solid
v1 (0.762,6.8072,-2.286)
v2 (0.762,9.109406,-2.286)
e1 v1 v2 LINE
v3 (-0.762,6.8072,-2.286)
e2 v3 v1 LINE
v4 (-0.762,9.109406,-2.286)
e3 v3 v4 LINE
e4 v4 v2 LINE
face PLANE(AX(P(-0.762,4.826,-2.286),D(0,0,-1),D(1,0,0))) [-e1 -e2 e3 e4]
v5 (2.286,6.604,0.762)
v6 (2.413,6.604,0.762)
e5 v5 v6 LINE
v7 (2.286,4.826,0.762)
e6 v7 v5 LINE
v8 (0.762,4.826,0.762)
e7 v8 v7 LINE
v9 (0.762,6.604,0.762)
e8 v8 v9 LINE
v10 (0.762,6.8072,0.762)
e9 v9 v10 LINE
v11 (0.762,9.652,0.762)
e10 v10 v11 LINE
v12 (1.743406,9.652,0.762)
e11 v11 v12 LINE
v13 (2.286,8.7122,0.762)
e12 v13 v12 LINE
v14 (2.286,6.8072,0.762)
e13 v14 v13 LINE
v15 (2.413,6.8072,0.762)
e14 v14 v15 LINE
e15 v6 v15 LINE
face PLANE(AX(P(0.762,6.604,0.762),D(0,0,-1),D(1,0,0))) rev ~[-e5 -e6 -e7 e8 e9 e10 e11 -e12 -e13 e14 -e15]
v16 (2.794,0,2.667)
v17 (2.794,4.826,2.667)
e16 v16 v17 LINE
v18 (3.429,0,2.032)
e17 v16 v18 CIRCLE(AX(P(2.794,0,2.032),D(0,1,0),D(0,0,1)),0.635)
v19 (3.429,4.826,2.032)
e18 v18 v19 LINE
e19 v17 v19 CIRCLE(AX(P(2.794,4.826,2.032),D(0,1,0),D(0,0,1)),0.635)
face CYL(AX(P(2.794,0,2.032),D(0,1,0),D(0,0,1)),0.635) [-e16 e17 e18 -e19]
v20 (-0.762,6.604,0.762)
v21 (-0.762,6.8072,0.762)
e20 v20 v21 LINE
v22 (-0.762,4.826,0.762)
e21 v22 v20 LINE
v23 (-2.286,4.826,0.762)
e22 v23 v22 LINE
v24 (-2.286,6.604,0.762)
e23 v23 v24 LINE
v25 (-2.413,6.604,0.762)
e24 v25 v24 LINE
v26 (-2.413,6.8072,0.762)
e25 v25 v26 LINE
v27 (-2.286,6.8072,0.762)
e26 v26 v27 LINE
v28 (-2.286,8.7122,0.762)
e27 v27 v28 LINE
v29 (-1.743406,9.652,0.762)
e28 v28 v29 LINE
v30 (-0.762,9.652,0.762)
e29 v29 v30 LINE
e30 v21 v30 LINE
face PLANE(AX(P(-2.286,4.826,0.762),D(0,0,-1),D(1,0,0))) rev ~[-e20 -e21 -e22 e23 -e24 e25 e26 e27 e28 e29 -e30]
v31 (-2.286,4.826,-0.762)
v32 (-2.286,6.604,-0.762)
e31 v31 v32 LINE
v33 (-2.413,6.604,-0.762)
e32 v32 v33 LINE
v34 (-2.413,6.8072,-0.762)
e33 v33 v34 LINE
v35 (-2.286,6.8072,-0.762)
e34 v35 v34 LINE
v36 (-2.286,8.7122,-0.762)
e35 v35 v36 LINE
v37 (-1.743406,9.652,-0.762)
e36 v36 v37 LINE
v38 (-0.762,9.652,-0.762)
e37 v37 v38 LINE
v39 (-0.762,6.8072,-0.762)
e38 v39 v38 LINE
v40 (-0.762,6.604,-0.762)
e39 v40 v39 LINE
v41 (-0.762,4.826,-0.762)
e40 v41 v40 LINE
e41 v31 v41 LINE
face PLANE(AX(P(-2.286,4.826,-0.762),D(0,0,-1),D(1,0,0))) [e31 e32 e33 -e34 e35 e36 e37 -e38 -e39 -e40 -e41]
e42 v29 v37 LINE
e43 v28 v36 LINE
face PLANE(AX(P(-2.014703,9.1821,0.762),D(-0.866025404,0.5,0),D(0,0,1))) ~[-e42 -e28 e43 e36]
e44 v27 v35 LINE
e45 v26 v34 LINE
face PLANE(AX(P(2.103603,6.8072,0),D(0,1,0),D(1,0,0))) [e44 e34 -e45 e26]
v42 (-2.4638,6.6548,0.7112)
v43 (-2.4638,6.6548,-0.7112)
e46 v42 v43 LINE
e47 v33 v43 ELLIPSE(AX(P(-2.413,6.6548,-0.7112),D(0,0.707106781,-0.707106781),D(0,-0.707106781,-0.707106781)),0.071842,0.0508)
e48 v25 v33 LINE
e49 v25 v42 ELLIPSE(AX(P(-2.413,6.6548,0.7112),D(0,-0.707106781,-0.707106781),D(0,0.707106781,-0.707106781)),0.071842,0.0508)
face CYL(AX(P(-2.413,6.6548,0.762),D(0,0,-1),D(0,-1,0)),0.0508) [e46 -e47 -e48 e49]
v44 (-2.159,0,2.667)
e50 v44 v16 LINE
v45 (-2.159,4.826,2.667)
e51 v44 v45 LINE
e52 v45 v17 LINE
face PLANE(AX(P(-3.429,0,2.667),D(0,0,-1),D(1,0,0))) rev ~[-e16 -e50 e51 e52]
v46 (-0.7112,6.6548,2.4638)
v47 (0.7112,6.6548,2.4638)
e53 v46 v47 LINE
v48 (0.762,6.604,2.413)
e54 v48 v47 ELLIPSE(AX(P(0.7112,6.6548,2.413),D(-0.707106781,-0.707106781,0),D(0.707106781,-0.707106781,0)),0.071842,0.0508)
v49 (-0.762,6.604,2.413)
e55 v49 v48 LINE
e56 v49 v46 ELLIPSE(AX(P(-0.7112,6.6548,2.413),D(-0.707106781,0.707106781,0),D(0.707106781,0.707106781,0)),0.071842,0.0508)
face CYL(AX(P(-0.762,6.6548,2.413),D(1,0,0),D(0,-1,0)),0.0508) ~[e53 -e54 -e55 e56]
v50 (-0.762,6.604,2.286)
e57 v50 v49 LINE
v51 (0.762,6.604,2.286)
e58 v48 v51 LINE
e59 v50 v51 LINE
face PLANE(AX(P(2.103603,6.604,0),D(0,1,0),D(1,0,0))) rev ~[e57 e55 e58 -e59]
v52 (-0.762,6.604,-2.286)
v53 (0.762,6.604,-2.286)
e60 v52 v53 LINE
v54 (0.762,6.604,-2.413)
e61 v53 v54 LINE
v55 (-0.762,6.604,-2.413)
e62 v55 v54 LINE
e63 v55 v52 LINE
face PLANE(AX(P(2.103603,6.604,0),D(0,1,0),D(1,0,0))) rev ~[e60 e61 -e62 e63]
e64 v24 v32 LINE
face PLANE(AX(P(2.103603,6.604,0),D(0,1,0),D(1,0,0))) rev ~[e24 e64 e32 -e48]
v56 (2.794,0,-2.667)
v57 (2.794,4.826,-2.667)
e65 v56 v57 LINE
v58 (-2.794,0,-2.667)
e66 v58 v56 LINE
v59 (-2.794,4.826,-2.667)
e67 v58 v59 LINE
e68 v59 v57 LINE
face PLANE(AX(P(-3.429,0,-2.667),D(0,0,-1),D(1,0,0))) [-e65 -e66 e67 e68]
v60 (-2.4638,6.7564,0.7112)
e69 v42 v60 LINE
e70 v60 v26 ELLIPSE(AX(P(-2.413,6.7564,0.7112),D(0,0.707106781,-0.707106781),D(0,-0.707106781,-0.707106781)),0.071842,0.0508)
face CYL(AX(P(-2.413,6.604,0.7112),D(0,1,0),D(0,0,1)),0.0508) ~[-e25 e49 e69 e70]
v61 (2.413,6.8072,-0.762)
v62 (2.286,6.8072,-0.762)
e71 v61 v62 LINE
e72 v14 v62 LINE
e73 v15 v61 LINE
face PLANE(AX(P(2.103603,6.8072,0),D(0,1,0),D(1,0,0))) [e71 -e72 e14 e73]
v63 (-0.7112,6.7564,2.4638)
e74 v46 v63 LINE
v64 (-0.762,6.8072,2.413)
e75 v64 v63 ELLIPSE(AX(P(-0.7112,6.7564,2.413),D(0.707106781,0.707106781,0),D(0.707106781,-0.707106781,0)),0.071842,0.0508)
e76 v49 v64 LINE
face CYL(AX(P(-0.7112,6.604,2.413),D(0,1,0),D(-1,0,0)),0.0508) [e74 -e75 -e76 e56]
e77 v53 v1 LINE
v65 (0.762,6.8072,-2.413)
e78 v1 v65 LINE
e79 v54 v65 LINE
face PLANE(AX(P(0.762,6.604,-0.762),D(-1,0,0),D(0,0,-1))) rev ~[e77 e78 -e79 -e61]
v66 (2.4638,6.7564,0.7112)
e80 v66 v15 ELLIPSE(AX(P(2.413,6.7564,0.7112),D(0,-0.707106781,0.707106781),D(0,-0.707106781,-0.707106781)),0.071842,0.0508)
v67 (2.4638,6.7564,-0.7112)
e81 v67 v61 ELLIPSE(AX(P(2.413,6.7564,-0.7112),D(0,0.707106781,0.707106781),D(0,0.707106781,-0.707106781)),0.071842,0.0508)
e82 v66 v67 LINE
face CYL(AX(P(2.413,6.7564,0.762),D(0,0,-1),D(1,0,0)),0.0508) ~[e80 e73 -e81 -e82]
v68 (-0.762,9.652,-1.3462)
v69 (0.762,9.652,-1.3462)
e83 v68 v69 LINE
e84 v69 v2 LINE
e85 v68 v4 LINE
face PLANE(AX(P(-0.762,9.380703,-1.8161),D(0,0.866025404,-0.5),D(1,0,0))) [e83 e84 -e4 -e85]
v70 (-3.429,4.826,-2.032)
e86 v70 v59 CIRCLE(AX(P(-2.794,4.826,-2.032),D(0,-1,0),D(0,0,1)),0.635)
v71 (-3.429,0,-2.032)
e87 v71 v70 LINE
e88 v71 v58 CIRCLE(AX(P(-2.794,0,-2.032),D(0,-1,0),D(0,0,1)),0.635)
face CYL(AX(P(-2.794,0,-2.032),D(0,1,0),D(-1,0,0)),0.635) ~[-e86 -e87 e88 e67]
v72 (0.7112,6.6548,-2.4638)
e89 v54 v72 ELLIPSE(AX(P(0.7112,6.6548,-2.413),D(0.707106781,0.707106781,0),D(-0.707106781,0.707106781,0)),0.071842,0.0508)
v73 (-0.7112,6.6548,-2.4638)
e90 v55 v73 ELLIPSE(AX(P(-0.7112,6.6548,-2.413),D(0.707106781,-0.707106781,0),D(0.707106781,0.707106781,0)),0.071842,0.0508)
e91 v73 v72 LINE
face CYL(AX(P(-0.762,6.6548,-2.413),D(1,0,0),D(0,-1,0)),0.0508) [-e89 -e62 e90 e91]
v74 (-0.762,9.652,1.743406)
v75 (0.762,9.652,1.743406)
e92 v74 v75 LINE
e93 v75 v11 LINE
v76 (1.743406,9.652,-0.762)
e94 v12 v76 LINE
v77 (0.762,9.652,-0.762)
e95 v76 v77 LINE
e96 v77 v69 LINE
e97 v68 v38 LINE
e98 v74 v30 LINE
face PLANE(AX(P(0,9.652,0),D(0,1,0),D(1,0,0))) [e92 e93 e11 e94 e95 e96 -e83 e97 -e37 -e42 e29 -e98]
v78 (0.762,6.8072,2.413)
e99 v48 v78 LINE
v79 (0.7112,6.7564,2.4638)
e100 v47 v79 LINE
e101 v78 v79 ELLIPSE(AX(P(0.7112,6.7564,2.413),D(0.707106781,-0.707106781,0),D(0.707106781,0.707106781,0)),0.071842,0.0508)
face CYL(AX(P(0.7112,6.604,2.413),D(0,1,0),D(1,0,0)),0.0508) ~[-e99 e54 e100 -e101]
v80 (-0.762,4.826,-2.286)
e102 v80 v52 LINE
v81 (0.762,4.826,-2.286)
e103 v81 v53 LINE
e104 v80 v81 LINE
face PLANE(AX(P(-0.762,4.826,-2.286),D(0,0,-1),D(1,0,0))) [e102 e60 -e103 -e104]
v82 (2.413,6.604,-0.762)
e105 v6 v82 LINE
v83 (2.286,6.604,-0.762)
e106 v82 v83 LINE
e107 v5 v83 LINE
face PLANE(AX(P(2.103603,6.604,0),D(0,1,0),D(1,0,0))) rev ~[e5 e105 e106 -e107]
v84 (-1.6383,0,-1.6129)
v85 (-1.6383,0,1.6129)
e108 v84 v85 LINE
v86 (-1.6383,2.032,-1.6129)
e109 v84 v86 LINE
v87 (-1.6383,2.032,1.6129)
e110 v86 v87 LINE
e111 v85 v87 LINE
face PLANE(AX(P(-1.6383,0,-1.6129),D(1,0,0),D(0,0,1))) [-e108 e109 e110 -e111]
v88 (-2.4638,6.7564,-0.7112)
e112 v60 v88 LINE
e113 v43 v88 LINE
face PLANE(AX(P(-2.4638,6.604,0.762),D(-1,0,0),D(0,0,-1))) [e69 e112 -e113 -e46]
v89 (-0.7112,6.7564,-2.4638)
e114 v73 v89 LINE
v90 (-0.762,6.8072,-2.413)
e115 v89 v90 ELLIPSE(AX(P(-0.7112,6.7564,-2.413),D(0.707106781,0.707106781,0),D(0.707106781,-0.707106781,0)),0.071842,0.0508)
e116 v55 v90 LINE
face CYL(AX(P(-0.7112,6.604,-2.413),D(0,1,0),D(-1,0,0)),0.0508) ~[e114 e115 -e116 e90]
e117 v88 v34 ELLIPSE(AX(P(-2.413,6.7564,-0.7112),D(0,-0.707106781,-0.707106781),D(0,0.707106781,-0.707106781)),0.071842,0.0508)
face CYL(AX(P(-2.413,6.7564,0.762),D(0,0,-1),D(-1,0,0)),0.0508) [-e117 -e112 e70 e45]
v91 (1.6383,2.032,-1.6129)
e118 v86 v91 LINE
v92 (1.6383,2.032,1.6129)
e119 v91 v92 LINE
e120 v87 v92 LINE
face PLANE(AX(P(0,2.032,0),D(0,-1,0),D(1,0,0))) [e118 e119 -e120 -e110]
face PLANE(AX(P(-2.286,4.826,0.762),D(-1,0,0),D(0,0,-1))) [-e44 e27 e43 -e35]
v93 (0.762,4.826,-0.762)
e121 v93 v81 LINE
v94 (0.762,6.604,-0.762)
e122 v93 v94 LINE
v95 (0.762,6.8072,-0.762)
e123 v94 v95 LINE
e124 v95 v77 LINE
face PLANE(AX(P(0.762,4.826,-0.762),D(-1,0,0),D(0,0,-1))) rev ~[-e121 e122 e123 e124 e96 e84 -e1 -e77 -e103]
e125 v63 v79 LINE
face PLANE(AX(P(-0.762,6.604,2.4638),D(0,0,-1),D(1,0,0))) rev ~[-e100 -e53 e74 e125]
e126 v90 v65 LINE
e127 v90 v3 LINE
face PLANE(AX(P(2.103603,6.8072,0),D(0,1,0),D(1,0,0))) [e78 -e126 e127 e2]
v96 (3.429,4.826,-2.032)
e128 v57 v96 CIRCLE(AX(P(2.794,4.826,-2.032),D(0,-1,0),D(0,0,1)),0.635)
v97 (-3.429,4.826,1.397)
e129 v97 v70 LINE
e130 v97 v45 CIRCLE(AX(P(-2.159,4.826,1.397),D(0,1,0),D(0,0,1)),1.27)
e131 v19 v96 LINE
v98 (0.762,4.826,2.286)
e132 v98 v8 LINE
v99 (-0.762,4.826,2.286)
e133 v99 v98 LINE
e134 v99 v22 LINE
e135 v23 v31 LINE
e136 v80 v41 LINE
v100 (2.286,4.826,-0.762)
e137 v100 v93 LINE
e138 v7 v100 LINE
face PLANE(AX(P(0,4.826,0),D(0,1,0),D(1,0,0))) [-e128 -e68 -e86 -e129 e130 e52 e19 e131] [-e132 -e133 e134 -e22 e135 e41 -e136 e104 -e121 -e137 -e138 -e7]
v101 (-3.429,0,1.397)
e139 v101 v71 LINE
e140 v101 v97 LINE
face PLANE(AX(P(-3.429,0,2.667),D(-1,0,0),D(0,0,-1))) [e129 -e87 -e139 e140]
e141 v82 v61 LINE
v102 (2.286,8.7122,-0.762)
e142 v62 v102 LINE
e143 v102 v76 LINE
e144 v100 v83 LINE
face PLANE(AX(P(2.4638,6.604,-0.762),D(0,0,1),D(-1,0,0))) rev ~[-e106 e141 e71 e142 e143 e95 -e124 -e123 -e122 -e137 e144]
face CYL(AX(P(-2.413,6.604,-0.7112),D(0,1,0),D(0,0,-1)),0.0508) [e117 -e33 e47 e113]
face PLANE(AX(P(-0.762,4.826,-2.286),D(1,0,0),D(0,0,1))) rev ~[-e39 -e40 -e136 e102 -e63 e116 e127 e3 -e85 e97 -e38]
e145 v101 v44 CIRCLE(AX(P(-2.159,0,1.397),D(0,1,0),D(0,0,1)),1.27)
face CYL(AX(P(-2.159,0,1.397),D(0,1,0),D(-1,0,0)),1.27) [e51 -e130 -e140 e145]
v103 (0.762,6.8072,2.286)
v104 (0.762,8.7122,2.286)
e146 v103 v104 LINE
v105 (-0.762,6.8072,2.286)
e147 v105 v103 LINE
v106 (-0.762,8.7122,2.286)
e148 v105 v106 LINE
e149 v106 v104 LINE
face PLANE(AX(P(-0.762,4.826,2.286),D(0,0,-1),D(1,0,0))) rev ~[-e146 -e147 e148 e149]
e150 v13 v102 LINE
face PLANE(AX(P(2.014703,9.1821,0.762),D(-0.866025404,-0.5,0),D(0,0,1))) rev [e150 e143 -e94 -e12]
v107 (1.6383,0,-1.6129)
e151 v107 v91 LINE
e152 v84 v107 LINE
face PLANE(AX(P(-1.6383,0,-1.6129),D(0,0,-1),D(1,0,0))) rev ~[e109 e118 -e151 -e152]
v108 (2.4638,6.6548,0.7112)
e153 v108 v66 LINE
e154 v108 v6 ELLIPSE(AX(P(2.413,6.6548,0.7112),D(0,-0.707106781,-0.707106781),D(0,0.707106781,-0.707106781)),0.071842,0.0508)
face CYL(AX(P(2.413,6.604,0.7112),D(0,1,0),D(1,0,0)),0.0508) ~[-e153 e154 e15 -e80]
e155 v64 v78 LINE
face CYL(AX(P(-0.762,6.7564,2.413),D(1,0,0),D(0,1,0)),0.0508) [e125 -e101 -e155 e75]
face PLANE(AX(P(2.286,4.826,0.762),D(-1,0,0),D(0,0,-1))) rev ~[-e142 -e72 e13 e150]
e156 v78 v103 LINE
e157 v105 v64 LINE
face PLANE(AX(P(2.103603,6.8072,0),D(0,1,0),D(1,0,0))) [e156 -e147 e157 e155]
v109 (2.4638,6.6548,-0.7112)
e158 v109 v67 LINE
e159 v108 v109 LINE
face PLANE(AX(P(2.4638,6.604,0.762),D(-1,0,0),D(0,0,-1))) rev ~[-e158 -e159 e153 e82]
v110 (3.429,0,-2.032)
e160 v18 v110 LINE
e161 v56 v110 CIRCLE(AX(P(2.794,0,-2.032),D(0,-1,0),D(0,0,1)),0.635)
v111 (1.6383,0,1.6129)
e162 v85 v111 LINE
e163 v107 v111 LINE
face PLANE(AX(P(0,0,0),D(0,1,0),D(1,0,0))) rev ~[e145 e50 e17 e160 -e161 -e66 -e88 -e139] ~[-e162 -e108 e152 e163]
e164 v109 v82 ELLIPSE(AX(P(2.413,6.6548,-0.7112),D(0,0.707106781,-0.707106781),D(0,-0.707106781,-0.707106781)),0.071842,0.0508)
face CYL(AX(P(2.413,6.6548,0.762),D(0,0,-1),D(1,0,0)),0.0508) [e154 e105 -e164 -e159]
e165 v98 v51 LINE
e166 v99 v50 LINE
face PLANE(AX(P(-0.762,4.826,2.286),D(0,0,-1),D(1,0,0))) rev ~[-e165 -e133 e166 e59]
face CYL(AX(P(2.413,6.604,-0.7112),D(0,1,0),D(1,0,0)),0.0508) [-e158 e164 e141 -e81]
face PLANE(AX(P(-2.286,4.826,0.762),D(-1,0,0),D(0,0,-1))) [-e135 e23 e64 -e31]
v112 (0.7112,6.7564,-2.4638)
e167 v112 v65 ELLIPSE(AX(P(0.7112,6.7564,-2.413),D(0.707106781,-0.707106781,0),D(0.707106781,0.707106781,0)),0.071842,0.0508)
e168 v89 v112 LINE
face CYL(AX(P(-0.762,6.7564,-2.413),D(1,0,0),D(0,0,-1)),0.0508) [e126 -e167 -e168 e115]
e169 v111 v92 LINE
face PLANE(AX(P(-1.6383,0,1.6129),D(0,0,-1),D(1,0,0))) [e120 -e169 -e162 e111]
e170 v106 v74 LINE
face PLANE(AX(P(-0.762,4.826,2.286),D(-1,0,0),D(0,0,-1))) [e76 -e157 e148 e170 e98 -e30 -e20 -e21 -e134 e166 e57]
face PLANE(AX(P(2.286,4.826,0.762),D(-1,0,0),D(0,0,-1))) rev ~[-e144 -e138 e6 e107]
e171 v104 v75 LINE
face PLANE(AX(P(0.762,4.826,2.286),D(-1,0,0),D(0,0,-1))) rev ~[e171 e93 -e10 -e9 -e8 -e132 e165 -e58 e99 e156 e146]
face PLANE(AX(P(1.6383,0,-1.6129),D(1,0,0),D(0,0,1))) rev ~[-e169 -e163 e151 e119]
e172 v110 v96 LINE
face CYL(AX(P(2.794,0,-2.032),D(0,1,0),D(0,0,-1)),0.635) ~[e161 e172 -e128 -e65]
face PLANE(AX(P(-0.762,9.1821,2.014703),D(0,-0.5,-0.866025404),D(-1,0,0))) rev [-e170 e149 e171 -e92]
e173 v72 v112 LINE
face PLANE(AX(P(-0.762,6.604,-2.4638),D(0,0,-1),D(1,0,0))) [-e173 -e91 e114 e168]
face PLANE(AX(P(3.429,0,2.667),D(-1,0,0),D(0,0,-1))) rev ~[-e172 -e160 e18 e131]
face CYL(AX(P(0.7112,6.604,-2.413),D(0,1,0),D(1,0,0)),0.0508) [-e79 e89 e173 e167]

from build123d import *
from OCP.BRepFilletAPI import BRepFilletAPI_MakeChamfer

# Parameters (mm, degrees)
SKETCH1_W           = 6.858
SKETCH1_H           = 5.334
BOSS_EXTRUDE1_DEPTH = 4.826
SKETCH2_W           = 1.524
SKETCH2_H           = 1.524
BOSS_EXTRUDE2_DEPTH = 4.826
CHAMFER1_SIZE       = 0.9398
CHAMFER1_SIZE2      = 0.542593783
BOSS_EXTRUDE3_START = -3.048
SKETCH3_W           = 0.720393783
SKETCH3_H           = 1.524
SKETCH3_W_2         = 0.981406217
SKETCH3_W_3         = 1.524
SKETCH3_H_2         = 1.1176
SKETCH3_H_3         = 0.5842
SKETCH3_H_4         = 0.981406217
SKETCH3_H_5         = 0.720393783
BOSS_EXTRUDE3_DEPTH = 0.2032
FILLET2_R           = 0.0508
FILLET3_R           = 0.635
FILLET6_R           = 1.27
SKETCH4_W           = 3.2766
SKETCH4_H           = 3.2258
CUT_EXTRUDE1_DEPTH  = 2.032


with BuildPart() as part:
    # Sketch1 → Boss-Extrude1 (new body)
    with BuildSketch(Plane(origin=(0, 0, 0), x_dir=(1, 0, 0), z_dir=(0, 1, 0))):
        Rectangle(SKETCH1_W, SKETCH1_H)
    extrude(amount=BOSS_EXTRUDE1_DEPTH)

    # Sketch2 → Boss-Extrude2 (add)
    with BuildSketch(Plane(origin=(0, 4.826, 0), x_dir=(1, 0, 0), z_dir=(0, 1, 0))):
        Rectangle(SKETCH2_W, SKETCH2_H)
        with Locations((1.524, 0)):
            Rectangle(SKETCH2_W, SKETCH2_H)
        with Locations((0, 1.524)):
            Rectangle(SKETCH2_W, SKETCH2_H)
        with Locations((-1.524, 0)):
            Rectangle(SKETCH2_W, SKETCH2_H)
        with Locations((0, -1.524)):
            Rectangle(SKETCH2_W, SKETCH2_H)
    extrude(amount=BOSS_EXTRUDE2_DEPTH)

    # Chamfer1: one chamfer whose edges measure the first distance from different faces: ONE call of the kernel's chamfer builder (chamfer() names one face for all edges)
    chamfer1_edges_1 = [part.edges().sort_by_distance(p)[0] for p in [
        (2.286, 9.652, 0),
    ]]
    chamfer1_side_1 = [part.faces().sort_by_distance(p)[0] for p in [
        (2.286, 7.239, 0),
    ]]
    chamfer1_edges_2 = [part.edges().sort_by_distance(p)[0] for p in [
        (0, 9.652, -2.286),
    ]]
    chamfer1_side_2 = [part.faces().sort_by_distance(p)[0] for p in [
        (0, 9.652, 0),
    ]]
    chamfer1_edges_3 = [part.edges().sort_by_distance(p)[0] for p in [
        (-2.286, 9.652, 0),
    ]]
    chamfer1_side_3 = [part.faces().sort_by_distance(p)[0] for p in [
        (-2.286, 7.239, 0),
    ]]
    chamfer1_edges_4 = [part.edges().sort_by_distance(p)[0] for p in [
        (0, 9.652, 2.286),
    ]]
    chamfer1_side_4 = [part.faces().sort_by_distance(p)[0] for p in [
        (0, 7.239, 2.286),
    ]]
    chamfer1 = BRepFilletAPI_MakeChamfer(part.part.solid().wrapped)
    for e in chamfer1_edges_1:
        chamfer1.Add(CHAMFER1_SIZE, CHAMFER1_SIZE2, e.wrapped, chamfer1_side_1[0].wrapped)  # the first distance lies on this face
    for e in chamfer1_edges_2:
        chamfer1.Add(CHAMFER1_SIZE, CHAMFER1_SIZE2, e.wrapped, chamfer1_side_2[0].wrapped)  # the first distance lies on this face
    for e in chamfer1_edges_3:
        chamfer1.Add(CHAMFER1_SIZE, CHAMFER1_SIZE2, e.wrapped, chamfer1_side_3[0].wrapped)  # the first distance lies on this face
    for e in chamfer1_edges_4:
        chamfer1.Add(CHAMFER1_SIZE, CHAMFER1_SIZE2, e.wrapped, chamfer1_side_4[0].wrapped)  # the first distance lies on this face
    add(Compound.cast(chamfer1.Shape()), mode=Mode.REPLACE)

    # Sketch3 → Boss-Extrude3 (add)
    with BuildSketch(Plane(origin=(0, 9.652, 0), x_dir=(1, 0, 0), z_dir=(0, 1, 0)).offset(BOSS_EXTRUDE3_START)):
        with Locations((2.103603109, 0)):
            Rectangle(SKETCH3_W, SKETCH3_H)
        with Locations((1.252703108, 0)):
            Rectangle(SKETCH3_W_2, SKETCH3_H)
        with Locations((0, 1.905)):
            Rectangle(SKETCH3_W_3, SKETCH3_H_2)
        with Locations((0, 1.0541)):
            Rectangle(SKETCH3_W_3, SKETCH3_H_3)
        Rectangle(SKETCH3_W_3, SKETCH3_H)
        with Locations((-1.252703108, 0)):
            Rectangle(SKETCH3_W_2, SKETCH3_H)
        with Locations((-2.103603109, 0)):
            Rectangle(SKETCH3_W, SKETCH3_H)
        with Locations((0, -1.252703108)):
            Rectangle(SKETCH3_W_3, SKETCH3_H_4)
        with Locations((0, -2.103603109)):
            Rectangle(SKETCH3_W_3, SKETCH3_H_5)
    extrude(amount=BOSS_EXTRUDE3_DEPTH)

    # Fillet2
    fillet2_edges = [part.edges().sort_by_distance(p)[0] for p in [
        (-2.4638, 6.8072, 0),
        (0, 6.8072, 2.4638),
        (2.4638, 6.604, 0),
        (2.4638, 6.8072, 0),
        (2.4638, 6.7056, 0.762),
        (2.4638, 6.7056, -0.762),
        (0, 6.8072, -2.4638),
        (0.762, 6.7056, -2.4638),
        (-0.762, 6.7056, -2.4638),
        (-2.4638, 6.604, 0),
        (-2.4638, 6.7056, -0.762),
        (0, 6.604, 2.4638),
        (-0.762, 6.7056, 2.4638),
        (0, 6.604, -2.4638),
        (-2.4638, 6.7056, 0.762),
        (0.762, 6.7056, 2.4638),
    ]]
    fillet(fillet2_edges, radius=FILLET2_R)

    # Fillet3
    fillet3_edges = [part.edges().sort_by_distance(p)[0] for p in [
        (3.429, 2.413, 2.667),
        (-3.429, 2.413, -2.667),
        (3.429, 2.413, -2.667),
    ]]
    fillet(fillet3_edges, radius=FILLET3_R)

    # Fillet6
    fillet6_edges = [part.edges().sort_by_distance(p)[0] for p in [
        (-3.429, 2.413, 2.667),
    ]]
    fillet(fillet6_edges, radius=FILLET6_R)

    # Sketch4 → Cut-Extrude1 (cut)
    with BuildSketch(Plane.XZ):
        Rectangle(SKETCH4_W, SKETCH4_H)
    extrude(amount=-CUT_EXTRUDE1_DEPTH, mode=Mode.SUBTRACT)


solid = part.part
